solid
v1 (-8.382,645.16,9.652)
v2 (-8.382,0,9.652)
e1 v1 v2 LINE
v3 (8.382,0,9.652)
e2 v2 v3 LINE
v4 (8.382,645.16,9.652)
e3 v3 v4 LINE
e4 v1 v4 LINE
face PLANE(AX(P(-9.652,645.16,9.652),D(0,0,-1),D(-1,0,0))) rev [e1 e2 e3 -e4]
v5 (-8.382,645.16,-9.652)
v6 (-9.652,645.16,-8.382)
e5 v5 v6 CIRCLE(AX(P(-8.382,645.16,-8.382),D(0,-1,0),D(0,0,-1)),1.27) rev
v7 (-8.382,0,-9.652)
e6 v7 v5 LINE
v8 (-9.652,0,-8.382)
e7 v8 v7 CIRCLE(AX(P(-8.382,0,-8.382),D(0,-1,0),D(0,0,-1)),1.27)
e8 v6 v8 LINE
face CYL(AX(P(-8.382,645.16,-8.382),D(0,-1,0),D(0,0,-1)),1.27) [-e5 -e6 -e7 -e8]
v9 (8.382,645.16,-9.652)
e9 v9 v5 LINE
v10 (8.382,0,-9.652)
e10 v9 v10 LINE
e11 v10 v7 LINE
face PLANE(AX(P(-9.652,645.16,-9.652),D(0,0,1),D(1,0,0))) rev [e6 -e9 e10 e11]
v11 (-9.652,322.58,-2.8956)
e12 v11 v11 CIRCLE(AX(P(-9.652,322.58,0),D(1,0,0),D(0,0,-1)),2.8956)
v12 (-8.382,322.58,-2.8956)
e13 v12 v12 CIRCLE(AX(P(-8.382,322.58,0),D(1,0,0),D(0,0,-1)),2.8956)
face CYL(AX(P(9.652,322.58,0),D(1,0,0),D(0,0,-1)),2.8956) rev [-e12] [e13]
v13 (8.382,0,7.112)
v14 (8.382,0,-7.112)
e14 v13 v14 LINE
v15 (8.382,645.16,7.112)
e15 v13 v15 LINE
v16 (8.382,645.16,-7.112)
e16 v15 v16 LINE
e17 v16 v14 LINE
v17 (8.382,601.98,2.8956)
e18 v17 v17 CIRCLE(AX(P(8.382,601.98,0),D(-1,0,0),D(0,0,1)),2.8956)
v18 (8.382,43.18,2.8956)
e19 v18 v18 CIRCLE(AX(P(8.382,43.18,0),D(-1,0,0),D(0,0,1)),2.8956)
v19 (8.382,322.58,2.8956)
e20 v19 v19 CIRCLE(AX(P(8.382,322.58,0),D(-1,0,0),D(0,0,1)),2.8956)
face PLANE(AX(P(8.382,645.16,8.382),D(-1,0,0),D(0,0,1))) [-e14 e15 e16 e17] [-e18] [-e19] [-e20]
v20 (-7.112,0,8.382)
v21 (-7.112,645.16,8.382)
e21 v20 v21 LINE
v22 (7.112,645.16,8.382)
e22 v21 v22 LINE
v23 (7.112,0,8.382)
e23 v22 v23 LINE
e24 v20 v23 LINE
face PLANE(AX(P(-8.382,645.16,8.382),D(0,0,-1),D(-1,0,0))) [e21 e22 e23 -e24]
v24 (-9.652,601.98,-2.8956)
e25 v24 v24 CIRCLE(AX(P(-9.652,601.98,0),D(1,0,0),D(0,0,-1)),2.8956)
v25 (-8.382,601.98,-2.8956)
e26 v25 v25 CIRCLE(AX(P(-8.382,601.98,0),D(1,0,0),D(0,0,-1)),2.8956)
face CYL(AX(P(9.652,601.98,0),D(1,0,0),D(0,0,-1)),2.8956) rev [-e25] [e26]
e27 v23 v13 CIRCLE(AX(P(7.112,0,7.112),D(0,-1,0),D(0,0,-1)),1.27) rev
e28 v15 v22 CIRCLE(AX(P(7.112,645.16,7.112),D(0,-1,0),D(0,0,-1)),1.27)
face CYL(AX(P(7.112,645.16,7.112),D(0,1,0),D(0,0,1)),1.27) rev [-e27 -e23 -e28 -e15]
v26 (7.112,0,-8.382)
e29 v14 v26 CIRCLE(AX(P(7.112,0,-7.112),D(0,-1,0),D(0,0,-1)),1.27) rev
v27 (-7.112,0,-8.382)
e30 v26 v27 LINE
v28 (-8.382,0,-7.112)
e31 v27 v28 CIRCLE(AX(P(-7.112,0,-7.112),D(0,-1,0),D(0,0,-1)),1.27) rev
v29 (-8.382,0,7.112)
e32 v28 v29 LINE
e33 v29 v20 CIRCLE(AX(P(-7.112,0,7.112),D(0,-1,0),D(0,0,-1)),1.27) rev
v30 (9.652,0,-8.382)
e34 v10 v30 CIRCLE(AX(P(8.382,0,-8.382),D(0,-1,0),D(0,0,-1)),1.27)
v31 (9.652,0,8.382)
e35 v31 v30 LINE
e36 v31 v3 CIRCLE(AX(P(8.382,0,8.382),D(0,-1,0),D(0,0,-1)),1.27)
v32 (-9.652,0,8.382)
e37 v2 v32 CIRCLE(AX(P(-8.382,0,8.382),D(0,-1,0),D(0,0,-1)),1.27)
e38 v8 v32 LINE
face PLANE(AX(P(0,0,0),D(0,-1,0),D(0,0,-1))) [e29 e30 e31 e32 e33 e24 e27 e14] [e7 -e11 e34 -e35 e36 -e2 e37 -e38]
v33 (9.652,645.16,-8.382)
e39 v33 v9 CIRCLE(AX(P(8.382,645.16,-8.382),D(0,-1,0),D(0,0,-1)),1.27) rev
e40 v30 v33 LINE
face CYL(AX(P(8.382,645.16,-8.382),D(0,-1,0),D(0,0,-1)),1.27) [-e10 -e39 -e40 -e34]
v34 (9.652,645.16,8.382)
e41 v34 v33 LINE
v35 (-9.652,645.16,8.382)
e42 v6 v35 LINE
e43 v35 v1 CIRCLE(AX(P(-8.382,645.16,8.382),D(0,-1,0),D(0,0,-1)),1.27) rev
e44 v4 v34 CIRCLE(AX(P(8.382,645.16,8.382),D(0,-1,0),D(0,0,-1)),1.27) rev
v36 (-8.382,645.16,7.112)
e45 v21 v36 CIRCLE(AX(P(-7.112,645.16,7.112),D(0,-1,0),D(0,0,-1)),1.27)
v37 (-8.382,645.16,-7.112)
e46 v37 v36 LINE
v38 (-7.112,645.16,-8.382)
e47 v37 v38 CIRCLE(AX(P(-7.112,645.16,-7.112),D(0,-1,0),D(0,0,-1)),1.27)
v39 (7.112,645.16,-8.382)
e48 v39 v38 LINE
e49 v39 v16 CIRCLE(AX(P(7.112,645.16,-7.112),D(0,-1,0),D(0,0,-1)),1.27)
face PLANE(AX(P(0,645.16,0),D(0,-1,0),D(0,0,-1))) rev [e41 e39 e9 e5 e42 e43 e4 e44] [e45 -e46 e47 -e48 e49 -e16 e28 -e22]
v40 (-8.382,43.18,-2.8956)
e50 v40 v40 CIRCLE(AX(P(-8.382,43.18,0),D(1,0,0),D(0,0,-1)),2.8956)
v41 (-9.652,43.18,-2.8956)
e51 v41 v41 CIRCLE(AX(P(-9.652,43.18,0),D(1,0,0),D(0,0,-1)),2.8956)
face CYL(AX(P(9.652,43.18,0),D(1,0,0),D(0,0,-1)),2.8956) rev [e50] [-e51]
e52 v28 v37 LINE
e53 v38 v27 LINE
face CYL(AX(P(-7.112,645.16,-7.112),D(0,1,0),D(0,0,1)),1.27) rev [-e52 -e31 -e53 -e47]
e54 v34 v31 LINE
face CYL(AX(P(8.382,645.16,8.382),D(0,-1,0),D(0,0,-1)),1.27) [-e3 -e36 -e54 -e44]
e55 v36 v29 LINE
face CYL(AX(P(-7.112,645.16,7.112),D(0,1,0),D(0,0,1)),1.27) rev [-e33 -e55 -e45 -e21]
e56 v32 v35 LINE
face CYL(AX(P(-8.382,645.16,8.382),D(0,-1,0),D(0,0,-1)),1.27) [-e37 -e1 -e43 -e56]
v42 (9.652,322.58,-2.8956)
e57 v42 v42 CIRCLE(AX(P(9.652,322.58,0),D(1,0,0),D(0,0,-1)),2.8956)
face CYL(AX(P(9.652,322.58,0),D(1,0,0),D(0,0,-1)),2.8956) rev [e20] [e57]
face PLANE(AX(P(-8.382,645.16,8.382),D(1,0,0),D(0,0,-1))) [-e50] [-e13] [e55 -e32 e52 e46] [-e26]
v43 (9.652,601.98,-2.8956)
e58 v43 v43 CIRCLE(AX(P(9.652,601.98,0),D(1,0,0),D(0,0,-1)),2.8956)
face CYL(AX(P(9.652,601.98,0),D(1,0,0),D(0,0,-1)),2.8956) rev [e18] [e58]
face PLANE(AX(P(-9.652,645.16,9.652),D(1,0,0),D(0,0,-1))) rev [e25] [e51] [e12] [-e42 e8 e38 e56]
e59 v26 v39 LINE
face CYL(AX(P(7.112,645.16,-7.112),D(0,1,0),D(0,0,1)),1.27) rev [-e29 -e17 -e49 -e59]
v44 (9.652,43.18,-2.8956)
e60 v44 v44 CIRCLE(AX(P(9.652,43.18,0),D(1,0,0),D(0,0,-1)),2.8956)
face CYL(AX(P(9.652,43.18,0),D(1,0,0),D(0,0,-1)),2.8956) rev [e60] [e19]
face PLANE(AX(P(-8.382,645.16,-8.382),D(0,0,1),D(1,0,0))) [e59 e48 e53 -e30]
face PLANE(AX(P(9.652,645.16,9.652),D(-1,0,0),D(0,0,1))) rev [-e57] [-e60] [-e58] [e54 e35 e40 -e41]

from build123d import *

# Parameters (mm, degrees)
SKETCH1_W                  = 19.304
SKETCH1_H                  = 19.304
SKETCH1_W_2                = 16.764
SKETCH1_H_2                = 16.764
BOSS_EXTRUDE1_DEPTH        = 645.16
FILLET1_R                  = 1.27
F_1_0_228_DIAMETER_HOLE1_D = 5.7912


with BuildPart() as part:
    # Sketch1 → Boss-Extrude1 (new body)
    with BuildSketch(Plane(origin=(0, 0, 0), x_dir=(1, 0, 0), z_dir=(0, 1, 0))):
        Rectangle(SKETCH1_W, SKETCH1_H)
        Rectangle(SKETCH1_W_2, SKETCH1_H_2, mode=Mode.SUBTRACT)
    extrude(amount=BOSS_EXTRUDE1_DEPTH)

    # Fillet1
    fillet1_edges = [part.edges().sort_by_distance(p)[0] for p in [
        (-8.382, 322.58, 8.382),
        (8.382, 322.58, 8.382),
        (8.382, 322.58, -8.382),
        (-8.382, 322.58, -8.382),
        (9.652, 322.58, 9.652),
        (-9.652, 322.58, 9.652),
        (-9.652, 322.58, -9.652),
        (9.652, 322.58, -9.652),
    ]]
    fillet(fillet1_edges, radius=FILLET1_R)

    # #1 (0.228) Diameter Hole1 (through all)
    with Locations(Plane(origin=(9.652, 0, 0), x_dir=(0, 0, -1), z_dir=(1, 0, 0))):
        with Locations((0, 43.18), (0, 601.98), (0, 322.58)):
            Hole(F_1_0_228_DIAMETER_HOLE1_D / 2)


solid = part.part
